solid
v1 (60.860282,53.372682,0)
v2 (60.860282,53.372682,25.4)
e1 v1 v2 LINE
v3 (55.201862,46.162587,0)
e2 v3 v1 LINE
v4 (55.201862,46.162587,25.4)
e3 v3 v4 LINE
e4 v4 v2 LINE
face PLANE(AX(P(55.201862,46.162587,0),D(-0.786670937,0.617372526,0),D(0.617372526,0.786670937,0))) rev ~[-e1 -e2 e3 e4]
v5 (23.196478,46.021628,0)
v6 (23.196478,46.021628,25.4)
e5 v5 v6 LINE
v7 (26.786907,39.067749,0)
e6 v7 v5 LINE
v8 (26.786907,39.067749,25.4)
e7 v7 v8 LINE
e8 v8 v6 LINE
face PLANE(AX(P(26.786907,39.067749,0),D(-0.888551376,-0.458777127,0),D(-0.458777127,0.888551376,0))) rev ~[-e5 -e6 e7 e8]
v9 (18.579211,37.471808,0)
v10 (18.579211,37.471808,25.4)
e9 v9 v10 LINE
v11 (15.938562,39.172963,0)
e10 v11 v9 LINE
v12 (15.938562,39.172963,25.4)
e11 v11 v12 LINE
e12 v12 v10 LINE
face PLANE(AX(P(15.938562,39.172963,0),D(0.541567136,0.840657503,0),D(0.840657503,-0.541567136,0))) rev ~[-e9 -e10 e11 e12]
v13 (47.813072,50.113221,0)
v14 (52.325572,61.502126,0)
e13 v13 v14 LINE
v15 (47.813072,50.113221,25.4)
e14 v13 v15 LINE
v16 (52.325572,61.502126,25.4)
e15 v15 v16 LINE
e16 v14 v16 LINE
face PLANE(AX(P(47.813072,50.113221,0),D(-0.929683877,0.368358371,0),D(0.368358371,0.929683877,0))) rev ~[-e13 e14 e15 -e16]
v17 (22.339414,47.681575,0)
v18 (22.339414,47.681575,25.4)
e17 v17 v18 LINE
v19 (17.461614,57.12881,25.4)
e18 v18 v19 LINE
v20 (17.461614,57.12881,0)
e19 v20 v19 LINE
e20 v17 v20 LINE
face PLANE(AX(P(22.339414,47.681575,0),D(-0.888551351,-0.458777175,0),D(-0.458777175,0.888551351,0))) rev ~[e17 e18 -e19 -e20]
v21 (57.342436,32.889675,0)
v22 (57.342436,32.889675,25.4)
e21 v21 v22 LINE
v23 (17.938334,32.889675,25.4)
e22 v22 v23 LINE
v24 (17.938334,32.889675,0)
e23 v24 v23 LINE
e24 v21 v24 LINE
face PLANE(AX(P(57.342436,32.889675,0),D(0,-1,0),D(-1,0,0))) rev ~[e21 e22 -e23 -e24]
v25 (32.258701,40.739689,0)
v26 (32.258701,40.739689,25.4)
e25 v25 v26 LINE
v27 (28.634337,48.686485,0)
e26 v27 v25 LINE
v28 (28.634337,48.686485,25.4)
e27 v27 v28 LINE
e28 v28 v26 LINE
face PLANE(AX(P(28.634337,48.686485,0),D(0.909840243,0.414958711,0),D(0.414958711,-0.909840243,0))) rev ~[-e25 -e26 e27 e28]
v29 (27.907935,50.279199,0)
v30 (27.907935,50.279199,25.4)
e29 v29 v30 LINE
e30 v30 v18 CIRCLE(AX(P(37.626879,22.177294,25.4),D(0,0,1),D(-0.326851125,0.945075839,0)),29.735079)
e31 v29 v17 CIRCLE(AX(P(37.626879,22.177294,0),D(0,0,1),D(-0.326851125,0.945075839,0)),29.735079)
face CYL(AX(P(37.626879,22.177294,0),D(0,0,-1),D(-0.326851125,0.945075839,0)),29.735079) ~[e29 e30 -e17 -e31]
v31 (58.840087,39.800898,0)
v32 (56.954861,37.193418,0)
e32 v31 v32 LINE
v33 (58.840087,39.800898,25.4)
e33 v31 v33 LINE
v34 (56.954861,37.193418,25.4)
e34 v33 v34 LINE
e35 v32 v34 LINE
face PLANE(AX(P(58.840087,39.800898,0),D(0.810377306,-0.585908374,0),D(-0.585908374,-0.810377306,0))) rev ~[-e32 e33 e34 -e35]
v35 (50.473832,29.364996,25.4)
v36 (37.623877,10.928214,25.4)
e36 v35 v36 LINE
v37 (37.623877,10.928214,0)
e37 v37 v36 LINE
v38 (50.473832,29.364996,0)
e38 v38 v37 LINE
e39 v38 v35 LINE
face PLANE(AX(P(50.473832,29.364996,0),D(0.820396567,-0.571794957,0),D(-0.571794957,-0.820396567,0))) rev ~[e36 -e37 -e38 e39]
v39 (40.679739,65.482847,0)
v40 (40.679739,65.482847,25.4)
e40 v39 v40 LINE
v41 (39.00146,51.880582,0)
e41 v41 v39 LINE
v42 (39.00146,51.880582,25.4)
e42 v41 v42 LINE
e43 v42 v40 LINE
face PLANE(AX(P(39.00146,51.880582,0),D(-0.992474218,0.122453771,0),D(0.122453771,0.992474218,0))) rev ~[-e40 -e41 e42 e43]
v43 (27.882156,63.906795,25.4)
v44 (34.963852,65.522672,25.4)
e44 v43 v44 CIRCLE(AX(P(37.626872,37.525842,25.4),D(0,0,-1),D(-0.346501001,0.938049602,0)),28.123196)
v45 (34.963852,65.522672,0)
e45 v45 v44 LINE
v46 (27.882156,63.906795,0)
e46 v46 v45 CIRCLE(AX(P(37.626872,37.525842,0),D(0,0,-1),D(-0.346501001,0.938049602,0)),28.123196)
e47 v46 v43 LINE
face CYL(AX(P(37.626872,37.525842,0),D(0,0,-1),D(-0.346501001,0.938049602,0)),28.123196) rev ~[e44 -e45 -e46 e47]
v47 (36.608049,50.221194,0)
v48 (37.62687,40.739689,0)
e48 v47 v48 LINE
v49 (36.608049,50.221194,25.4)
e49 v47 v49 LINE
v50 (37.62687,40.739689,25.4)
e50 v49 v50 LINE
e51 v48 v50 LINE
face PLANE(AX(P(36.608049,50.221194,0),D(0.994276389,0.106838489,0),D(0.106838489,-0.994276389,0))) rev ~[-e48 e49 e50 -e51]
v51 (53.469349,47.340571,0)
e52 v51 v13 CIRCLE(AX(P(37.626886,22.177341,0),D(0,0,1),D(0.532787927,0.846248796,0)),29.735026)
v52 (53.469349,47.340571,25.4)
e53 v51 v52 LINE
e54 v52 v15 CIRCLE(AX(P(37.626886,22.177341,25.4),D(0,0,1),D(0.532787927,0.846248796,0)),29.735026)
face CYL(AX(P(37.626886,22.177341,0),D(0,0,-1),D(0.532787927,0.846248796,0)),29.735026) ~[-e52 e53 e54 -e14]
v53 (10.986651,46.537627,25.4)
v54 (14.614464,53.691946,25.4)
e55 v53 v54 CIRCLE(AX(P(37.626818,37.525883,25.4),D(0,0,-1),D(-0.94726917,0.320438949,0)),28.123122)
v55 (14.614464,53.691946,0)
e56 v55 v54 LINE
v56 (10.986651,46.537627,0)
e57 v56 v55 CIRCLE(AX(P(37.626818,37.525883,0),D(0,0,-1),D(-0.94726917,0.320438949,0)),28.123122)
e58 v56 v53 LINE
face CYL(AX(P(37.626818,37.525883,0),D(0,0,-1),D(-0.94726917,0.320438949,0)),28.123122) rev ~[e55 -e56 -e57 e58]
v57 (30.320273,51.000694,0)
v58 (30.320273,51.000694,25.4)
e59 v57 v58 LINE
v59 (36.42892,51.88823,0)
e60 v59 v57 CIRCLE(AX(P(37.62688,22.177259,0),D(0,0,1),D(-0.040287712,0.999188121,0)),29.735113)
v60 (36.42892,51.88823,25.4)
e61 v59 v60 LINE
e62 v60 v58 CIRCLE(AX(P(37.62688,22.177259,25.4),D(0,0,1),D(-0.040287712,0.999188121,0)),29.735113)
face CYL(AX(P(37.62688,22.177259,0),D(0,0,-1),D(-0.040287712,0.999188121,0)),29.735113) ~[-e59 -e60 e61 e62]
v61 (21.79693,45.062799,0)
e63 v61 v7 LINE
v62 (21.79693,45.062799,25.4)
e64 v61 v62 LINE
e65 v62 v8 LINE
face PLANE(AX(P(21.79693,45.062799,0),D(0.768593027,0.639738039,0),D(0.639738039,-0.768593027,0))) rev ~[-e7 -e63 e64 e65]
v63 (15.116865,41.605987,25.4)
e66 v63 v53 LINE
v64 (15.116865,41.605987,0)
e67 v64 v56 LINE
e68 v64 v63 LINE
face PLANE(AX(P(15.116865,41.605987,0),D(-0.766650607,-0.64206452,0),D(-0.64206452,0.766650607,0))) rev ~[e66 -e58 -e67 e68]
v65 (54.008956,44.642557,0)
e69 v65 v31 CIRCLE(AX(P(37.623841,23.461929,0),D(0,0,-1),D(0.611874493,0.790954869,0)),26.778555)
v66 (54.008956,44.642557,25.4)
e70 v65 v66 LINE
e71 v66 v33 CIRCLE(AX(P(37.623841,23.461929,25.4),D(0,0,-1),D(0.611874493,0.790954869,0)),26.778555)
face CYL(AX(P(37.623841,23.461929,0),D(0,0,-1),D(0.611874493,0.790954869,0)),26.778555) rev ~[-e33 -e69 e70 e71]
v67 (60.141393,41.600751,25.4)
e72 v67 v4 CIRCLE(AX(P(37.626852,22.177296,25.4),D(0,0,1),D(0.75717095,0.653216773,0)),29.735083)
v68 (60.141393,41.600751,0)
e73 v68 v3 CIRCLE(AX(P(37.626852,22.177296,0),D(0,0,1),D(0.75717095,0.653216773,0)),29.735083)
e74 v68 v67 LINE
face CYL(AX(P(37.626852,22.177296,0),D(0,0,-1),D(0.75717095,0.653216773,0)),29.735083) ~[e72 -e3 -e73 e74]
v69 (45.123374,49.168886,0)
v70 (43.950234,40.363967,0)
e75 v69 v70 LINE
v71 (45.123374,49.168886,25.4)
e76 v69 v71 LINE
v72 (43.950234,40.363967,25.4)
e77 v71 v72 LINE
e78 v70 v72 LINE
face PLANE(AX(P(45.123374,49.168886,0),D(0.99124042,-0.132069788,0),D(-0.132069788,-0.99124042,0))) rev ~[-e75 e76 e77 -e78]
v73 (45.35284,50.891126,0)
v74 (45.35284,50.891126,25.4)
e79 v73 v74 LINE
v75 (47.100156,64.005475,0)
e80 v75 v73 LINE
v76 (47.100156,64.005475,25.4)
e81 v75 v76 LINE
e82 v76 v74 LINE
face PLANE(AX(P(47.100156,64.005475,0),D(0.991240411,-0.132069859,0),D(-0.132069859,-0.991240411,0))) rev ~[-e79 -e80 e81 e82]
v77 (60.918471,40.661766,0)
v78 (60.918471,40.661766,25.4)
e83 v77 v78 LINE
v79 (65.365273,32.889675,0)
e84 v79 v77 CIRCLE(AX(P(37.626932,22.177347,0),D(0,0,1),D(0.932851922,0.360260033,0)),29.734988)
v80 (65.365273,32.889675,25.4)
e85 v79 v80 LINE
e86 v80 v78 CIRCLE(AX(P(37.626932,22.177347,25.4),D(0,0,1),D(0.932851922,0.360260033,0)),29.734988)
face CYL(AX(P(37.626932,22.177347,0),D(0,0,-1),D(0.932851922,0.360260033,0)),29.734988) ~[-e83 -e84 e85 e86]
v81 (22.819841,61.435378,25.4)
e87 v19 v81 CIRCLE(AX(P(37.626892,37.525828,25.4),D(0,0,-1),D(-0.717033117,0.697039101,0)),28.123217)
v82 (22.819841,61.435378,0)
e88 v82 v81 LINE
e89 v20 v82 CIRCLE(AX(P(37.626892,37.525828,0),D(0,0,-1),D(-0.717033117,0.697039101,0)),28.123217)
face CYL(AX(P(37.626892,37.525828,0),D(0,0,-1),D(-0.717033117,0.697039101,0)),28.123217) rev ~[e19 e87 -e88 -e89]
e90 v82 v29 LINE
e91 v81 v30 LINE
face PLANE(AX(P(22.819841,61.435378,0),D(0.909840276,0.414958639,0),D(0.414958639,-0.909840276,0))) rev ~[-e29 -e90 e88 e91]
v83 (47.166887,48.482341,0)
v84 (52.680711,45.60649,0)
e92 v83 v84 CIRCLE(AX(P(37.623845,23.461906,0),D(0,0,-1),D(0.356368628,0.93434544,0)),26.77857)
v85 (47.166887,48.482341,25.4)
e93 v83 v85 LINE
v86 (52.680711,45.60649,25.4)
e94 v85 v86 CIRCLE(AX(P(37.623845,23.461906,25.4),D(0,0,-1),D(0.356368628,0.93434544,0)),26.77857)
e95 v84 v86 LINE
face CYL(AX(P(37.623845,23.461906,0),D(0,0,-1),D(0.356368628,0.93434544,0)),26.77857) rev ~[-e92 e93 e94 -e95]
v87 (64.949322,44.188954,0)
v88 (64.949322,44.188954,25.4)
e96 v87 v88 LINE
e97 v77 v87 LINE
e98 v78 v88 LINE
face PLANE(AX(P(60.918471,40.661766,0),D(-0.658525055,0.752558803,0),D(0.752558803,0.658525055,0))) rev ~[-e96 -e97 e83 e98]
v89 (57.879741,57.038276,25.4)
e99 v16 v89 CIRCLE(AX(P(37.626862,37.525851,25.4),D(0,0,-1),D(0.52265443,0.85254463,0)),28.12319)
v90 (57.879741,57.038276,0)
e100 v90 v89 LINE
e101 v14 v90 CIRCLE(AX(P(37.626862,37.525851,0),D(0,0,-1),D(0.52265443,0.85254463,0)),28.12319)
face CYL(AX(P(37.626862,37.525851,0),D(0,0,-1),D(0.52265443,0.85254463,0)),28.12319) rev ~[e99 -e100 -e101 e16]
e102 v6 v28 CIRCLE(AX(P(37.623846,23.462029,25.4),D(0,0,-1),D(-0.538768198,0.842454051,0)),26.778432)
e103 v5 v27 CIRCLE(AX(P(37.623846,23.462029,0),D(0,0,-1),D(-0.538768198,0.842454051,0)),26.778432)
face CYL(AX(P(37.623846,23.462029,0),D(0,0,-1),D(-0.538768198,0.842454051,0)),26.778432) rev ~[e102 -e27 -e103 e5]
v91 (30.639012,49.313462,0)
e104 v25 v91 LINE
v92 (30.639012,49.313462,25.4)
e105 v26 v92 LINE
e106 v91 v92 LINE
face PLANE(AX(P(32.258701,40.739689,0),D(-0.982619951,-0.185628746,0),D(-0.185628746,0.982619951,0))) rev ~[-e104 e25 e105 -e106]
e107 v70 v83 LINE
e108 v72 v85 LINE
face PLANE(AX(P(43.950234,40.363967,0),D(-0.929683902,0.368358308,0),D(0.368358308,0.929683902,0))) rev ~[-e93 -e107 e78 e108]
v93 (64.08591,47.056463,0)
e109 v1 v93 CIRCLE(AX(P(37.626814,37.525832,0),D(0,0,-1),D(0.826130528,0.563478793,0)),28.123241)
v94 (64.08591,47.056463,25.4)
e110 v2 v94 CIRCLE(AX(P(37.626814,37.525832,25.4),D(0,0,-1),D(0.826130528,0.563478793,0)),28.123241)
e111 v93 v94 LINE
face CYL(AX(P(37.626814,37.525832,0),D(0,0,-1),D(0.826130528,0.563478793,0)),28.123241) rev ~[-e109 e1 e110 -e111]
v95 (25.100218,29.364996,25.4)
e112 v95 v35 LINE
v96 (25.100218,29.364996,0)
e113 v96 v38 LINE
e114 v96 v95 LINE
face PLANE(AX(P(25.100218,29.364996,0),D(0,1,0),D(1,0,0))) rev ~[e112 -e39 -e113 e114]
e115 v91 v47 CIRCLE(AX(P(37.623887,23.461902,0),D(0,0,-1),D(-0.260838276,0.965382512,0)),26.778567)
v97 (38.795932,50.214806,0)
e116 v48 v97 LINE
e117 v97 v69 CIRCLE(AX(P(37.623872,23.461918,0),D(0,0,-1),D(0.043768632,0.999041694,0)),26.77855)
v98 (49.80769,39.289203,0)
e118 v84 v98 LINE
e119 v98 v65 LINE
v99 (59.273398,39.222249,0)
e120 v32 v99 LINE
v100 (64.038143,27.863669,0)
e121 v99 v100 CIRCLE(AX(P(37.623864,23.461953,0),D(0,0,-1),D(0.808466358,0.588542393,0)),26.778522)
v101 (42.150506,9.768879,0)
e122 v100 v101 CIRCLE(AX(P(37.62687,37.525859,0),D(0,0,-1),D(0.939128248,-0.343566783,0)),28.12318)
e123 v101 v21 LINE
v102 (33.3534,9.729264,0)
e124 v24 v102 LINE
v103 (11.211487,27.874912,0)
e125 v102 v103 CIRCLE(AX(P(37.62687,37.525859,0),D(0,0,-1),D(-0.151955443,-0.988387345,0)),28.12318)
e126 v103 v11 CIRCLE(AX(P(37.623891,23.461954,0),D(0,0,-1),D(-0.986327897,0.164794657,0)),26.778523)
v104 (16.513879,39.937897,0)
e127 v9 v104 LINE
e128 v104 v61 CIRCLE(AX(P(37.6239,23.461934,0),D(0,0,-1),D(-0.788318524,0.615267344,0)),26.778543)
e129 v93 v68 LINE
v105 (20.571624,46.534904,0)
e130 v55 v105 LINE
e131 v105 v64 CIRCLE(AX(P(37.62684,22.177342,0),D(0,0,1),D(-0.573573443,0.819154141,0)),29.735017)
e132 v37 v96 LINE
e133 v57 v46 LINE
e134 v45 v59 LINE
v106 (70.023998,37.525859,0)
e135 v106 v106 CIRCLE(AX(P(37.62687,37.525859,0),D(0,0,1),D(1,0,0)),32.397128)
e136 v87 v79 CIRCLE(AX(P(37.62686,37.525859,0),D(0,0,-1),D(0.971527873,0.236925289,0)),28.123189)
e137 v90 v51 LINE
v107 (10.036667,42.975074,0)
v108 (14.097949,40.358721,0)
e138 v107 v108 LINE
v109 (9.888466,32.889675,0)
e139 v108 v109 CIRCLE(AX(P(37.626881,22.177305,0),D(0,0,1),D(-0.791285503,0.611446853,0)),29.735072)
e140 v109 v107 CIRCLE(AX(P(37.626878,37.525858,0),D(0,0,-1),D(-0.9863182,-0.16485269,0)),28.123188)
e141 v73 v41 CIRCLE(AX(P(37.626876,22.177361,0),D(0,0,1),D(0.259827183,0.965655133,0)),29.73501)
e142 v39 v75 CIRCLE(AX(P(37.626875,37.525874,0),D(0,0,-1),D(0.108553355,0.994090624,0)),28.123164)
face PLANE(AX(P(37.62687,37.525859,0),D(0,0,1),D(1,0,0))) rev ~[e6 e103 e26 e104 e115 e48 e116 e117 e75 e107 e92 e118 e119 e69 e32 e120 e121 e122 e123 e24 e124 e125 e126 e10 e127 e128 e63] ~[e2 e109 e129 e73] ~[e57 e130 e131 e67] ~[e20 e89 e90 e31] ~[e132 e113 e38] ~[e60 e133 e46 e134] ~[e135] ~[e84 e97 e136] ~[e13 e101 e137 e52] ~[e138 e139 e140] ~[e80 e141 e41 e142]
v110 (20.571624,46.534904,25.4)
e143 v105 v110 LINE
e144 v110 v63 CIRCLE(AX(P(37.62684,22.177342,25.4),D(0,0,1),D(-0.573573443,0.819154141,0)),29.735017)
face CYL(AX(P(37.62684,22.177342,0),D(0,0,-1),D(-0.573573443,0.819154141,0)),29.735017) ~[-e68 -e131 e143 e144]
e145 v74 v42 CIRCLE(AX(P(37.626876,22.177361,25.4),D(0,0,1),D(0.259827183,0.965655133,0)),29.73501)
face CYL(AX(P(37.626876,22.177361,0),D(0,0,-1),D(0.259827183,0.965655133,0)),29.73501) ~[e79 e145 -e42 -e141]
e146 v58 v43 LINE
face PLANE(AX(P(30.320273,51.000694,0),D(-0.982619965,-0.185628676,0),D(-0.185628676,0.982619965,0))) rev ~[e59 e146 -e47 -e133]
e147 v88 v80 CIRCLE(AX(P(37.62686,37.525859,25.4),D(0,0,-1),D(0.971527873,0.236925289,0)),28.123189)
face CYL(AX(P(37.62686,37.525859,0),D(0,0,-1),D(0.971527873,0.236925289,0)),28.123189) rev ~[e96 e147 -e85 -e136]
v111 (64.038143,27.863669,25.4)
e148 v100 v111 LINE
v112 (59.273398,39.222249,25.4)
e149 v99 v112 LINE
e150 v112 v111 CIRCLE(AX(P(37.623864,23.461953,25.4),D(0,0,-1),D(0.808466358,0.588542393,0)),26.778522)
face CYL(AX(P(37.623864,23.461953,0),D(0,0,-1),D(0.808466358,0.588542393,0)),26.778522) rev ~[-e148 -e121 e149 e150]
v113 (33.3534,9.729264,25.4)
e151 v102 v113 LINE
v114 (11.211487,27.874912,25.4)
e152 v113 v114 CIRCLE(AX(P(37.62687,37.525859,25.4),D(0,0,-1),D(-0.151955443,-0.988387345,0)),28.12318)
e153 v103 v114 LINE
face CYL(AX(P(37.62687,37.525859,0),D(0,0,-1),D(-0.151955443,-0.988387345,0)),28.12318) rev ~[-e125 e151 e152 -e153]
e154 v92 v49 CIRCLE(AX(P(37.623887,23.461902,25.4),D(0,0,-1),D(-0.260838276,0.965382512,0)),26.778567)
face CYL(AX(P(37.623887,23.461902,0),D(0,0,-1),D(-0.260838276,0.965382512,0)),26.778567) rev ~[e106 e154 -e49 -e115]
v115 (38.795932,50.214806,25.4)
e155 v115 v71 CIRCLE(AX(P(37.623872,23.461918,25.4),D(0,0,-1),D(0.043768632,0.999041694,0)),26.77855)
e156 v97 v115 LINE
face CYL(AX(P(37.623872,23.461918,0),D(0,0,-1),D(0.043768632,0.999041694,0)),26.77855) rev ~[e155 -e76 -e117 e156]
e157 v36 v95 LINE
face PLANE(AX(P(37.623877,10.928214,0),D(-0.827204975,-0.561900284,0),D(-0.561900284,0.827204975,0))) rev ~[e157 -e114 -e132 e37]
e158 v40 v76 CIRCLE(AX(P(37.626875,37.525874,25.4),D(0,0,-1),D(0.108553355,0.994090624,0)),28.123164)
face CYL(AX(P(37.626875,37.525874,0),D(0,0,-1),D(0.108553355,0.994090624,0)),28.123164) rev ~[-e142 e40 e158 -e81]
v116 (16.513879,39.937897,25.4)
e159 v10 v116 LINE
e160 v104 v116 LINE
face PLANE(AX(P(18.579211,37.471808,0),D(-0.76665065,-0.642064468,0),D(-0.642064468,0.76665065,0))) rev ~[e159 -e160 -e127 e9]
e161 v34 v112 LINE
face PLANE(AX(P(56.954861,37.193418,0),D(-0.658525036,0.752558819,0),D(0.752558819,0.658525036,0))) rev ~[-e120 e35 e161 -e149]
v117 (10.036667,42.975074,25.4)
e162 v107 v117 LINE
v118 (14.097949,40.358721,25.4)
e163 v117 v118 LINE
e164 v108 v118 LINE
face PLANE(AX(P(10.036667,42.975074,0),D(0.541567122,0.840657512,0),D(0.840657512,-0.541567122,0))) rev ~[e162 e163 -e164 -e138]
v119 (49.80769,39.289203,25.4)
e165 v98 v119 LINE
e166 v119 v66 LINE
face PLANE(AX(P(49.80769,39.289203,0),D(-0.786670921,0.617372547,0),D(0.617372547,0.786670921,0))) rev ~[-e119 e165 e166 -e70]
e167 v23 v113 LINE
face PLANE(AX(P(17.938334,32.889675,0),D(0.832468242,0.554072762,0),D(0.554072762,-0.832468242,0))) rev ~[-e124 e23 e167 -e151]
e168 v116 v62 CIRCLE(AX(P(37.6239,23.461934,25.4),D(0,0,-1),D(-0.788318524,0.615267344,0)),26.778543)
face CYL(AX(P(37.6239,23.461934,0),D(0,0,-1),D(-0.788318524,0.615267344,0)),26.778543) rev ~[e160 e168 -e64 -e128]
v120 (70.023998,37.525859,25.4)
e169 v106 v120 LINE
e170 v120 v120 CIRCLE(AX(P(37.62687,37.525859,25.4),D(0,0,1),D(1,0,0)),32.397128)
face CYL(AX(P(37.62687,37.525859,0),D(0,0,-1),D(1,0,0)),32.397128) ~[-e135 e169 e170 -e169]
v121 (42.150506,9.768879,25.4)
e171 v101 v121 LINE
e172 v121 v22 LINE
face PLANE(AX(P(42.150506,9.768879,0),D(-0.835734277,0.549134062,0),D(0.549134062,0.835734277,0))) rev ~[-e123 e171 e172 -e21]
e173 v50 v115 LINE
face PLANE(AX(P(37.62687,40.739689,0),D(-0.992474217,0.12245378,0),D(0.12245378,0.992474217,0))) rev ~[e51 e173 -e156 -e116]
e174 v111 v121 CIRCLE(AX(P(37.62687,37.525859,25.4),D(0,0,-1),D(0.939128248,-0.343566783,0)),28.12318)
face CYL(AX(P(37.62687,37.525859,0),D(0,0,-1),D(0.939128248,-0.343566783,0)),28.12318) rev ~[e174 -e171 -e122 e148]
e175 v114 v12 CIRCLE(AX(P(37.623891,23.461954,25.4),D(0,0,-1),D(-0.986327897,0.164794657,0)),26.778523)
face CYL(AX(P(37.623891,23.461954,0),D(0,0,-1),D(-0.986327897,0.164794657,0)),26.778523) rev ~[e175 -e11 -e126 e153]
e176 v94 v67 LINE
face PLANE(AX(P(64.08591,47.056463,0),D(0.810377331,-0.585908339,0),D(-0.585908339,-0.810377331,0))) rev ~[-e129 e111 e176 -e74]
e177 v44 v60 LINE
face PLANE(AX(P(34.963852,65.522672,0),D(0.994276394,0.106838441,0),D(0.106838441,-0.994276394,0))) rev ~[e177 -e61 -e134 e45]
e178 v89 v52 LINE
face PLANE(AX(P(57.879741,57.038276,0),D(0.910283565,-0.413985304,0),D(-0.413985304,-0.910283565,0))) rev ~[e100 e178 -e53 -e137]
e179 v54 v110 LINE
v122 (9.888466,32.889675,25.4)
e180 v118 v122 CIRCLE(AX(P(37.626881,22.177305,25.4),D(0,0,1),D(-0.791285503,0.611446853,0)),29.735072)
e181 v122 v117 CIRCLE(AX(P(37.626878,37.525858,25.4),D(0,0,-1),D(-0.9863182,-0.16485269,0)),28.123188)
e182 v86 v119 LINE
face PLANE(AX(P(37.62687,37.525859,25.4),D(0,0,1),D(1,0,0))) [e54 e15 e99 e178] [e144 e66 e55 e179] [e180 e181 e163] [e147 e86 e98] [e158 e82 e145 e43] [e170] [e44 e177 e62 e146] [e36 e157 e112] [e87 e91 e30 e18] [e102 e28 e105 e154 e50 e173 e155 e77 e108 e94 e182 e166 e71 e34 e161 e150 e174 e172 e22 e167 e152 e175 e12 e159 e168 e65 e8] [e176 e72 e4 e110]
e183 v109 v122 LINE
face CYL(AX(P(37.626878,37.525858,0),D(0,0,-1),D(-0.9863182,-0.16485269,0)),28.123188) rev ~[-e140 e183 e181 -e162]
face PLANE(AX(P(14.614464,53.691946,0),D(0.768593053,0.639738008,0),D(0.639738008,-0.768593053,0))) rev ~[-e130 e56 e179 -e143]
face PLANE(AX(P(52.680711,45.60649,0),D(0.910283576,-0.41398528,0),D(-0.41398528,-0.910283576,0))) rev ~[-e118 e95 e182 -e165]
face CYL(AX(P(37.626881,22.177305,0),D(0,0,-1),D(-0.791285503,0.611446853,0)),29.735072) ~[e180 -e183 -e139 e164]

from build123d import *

# Parameters (mm, degrees)
F0_R     = 32.397128
F1_DEPTH = 25.4


with BuildPart() as f1:
    # F0 (on Top) → F1 (new body)
    with BuildSketch(Plane.XY):
        with Locations((37.62687, 37.525859)):
            Circle(F0_R)
        with BuildLine():
            ThreePointArc((64.038143, 27.863669), (55.546064, 15.850626), (42.150506, 9.768879))
            Line((42.150506, 9.768879), (57.342436, 32.889675))
            Line((57.342436, 32.889675), (17.938334, 32.889675))
            Line((17.938334, 32.889675), (33.3534, 9.729264))
            ThreePointArc((33.3534, 9.729264), (19.800834, 15.773947), (11.211487, 27.874912))
            ThreePointArc((11.211487, 27.874912), (12.920461, 33.797806), (15.938562, 39.172963))
            Line((15.938562, 39.172963), (18.579211, 37.471808))
            Line((18.579211, 37.471808), (16.513879, 39.937897))
            ThreePointArc((16.513879, 39.937897), (18.978485, 42.682726), (21.79693, 45.062799))
            Line((21.79693, 45.062799), (26.786907, 39.067749))
            Line((26.786907, 39.067749), (23.196478, 46.021628))
            ThreePointArc((23.196478, 46.021628), (25.839836, 47.508267), (28.634337, 48.686485))
            Line((28.634337, 48.686485), (32.258701, 40.739689))
            Line((32.258701, 40.739689), (30.639012, 49.313462))
            ThreePointArc((30.639012, 49.313462), (33.597866, 49.936093), (36.608049, 50.221194))
            Line((36.608049, 50.221194), (37.62687, 40.739689))
            Line((37.62687, 40.739689), (38.795932, 50.214806))
            ThreePointArc((38.795932, 50.214806), (41.991078, 49.881953), (45.123374, 49.168886))
            Line((45.123374, 49.168886), (43.950234, 40.363967))
            Line((43.950234, 40.363967), (47.166887, 48.482341))
            ThreePointArc((47.166887, 48.482341), (50.007564, 47.205017), (52.680711, 45.60649))
            Line((52.680711, 45.60649), (49.80769, 39.289203))
            Line((49.80769, 39.289203), (54.008956, 44.642557))
            ThreePointArc((54.008956, 44.642557), (56.579737, 42.376606), (58.840087, 39.800898))
            Line((58.840087, 39.800898), (56.954861, 37.193418))
            Line((56.954861, 37.193418), (59.273398, 39.222249))
            ThreePointArc((59.273398, 39.222249), (62.317727, 33.820639), (64.038143, 27.863669))
        make_face(mode=Mode.SUBTRACT)
        Polygon((50.473832, 29.364996), (37.623877, 10.928214), (25.100218, 29.364996), align=None, mode=Mode.SUBTRACT)
        with BuildLine():
            ThreePointArc((9.888466, 32.889675), (9.506726, 37.939073), (10.036667, 42.975074))
            Line((10.036667, 42.975074), (14.097949, 40.358721))
            ThreePointArc((14.097949, 40.358721), (11.722598, 36.776711), (9.888466, 32.889675))
        make_face(mode=Mode.SUBTRACT)
        with BuildLine():
            Line((15.116865, 41.605987), (10.986651, 46.537627))
            ThreePointArc((10.986651, 46.537627), (12.544169, 50.244796), (14.614464, 53.691946))
            Line((14.614464, 53.691946), (20.571624, 46.534904))
            ThreePointArc((20.571624, 46.534904), (17.691328, 44.239676), (15.116865, 41.605987))
        make_face(mode=Mode.SUBTRACT)
        with BuildLine():
            Line((22.339414, 47.681575), (17.461614, 57.12881))
            ThreePointArc((17.461614, 57.12881), (20.008646, 59.446429), (22.819841, 61.435378))
            Line((22.819841, 61.435378), (27.907935, 50.279199))
            ThreePointArc((27.907935, 50.279199), (25.056396, 49.124611), (22.339414, 47.681575))
        make_face(mode=Mode.SUBTRACT)
        with BuildLine():
            Line((30.320273, 51.000694), (27.882156, 63.906795))
            ThreePointArc((27.882156, 63.906795), (31.370616, 64.944329), (34.963852, 65.522672))
            Line((34.963852, 65.522672), (36.42892, 51.88823))
            ThreePointArc((36.42892, 51.88823), (33.351504, 51.603405), (30.320273, 51.000694))
        make_face(mode=Mode.SUBTRACT)
        with BuildLine():
            ThreePointArc((64.949322, 44.188954), (65.731013, 38.560434), (65.365273, 32.889675))
            ThreePointArc((65.365273, 32.889675), (63.436107, 36.944067), (60.918471, 40.661766))
            Line((60.918471, 40.661766), (64.949322, 44.188954))
        make_face(mode=Mode.SUBTRACT)
        with BuildLine():
            ThreePointArc((60.860282, 53.372682), (62.672999, 50.316661), (64.08591, 47.056463))
            Line((64.08591, 47.056463), (60.141393, 41.600751))
            ThreePointArc((60.141393, 41.600751), (57.800984, 44.021736), (55.201862, 46.162587))
            Line((55.201862, 46.162587), (60.860282, 53.372682))
        make_face(mode=Mode.SUBTRACT)
        with BuildLine():
            Line((39.00146, 51.880582), (40.679739, 65.482847))
            ThreePointArc((40.679739, 65.482847), (43.933359, 64.932818), (47.100156, 64.005475))
            Line((47.100156, 64.005475), (45.35284, 50.891126))
            ThreePointArc((45.35284, 50.891126), (42.203966, 51.557985), (39.00146, 51.880582))
        make_face(mode=Mode.SUBTRACT)
        with BuildLine():
            ThreePointArc((52.325572, 61.502126), (55.244605, 59.446822), (57.879741, 57.038276))
            Line((57.879741, 57.038276), (53.469349, 47.340571))
            ThreePointArc((53.469349, 47.340571), (50.71484, 48.877102), (47.813072, 50.113221))
            Line((47.813072, 50.113221), (52.325572, 61.502126))
        make_face(mode=Mode.SUBTRACT)
    extrude(amount=F1_DEPTH)


solid = f1.part
